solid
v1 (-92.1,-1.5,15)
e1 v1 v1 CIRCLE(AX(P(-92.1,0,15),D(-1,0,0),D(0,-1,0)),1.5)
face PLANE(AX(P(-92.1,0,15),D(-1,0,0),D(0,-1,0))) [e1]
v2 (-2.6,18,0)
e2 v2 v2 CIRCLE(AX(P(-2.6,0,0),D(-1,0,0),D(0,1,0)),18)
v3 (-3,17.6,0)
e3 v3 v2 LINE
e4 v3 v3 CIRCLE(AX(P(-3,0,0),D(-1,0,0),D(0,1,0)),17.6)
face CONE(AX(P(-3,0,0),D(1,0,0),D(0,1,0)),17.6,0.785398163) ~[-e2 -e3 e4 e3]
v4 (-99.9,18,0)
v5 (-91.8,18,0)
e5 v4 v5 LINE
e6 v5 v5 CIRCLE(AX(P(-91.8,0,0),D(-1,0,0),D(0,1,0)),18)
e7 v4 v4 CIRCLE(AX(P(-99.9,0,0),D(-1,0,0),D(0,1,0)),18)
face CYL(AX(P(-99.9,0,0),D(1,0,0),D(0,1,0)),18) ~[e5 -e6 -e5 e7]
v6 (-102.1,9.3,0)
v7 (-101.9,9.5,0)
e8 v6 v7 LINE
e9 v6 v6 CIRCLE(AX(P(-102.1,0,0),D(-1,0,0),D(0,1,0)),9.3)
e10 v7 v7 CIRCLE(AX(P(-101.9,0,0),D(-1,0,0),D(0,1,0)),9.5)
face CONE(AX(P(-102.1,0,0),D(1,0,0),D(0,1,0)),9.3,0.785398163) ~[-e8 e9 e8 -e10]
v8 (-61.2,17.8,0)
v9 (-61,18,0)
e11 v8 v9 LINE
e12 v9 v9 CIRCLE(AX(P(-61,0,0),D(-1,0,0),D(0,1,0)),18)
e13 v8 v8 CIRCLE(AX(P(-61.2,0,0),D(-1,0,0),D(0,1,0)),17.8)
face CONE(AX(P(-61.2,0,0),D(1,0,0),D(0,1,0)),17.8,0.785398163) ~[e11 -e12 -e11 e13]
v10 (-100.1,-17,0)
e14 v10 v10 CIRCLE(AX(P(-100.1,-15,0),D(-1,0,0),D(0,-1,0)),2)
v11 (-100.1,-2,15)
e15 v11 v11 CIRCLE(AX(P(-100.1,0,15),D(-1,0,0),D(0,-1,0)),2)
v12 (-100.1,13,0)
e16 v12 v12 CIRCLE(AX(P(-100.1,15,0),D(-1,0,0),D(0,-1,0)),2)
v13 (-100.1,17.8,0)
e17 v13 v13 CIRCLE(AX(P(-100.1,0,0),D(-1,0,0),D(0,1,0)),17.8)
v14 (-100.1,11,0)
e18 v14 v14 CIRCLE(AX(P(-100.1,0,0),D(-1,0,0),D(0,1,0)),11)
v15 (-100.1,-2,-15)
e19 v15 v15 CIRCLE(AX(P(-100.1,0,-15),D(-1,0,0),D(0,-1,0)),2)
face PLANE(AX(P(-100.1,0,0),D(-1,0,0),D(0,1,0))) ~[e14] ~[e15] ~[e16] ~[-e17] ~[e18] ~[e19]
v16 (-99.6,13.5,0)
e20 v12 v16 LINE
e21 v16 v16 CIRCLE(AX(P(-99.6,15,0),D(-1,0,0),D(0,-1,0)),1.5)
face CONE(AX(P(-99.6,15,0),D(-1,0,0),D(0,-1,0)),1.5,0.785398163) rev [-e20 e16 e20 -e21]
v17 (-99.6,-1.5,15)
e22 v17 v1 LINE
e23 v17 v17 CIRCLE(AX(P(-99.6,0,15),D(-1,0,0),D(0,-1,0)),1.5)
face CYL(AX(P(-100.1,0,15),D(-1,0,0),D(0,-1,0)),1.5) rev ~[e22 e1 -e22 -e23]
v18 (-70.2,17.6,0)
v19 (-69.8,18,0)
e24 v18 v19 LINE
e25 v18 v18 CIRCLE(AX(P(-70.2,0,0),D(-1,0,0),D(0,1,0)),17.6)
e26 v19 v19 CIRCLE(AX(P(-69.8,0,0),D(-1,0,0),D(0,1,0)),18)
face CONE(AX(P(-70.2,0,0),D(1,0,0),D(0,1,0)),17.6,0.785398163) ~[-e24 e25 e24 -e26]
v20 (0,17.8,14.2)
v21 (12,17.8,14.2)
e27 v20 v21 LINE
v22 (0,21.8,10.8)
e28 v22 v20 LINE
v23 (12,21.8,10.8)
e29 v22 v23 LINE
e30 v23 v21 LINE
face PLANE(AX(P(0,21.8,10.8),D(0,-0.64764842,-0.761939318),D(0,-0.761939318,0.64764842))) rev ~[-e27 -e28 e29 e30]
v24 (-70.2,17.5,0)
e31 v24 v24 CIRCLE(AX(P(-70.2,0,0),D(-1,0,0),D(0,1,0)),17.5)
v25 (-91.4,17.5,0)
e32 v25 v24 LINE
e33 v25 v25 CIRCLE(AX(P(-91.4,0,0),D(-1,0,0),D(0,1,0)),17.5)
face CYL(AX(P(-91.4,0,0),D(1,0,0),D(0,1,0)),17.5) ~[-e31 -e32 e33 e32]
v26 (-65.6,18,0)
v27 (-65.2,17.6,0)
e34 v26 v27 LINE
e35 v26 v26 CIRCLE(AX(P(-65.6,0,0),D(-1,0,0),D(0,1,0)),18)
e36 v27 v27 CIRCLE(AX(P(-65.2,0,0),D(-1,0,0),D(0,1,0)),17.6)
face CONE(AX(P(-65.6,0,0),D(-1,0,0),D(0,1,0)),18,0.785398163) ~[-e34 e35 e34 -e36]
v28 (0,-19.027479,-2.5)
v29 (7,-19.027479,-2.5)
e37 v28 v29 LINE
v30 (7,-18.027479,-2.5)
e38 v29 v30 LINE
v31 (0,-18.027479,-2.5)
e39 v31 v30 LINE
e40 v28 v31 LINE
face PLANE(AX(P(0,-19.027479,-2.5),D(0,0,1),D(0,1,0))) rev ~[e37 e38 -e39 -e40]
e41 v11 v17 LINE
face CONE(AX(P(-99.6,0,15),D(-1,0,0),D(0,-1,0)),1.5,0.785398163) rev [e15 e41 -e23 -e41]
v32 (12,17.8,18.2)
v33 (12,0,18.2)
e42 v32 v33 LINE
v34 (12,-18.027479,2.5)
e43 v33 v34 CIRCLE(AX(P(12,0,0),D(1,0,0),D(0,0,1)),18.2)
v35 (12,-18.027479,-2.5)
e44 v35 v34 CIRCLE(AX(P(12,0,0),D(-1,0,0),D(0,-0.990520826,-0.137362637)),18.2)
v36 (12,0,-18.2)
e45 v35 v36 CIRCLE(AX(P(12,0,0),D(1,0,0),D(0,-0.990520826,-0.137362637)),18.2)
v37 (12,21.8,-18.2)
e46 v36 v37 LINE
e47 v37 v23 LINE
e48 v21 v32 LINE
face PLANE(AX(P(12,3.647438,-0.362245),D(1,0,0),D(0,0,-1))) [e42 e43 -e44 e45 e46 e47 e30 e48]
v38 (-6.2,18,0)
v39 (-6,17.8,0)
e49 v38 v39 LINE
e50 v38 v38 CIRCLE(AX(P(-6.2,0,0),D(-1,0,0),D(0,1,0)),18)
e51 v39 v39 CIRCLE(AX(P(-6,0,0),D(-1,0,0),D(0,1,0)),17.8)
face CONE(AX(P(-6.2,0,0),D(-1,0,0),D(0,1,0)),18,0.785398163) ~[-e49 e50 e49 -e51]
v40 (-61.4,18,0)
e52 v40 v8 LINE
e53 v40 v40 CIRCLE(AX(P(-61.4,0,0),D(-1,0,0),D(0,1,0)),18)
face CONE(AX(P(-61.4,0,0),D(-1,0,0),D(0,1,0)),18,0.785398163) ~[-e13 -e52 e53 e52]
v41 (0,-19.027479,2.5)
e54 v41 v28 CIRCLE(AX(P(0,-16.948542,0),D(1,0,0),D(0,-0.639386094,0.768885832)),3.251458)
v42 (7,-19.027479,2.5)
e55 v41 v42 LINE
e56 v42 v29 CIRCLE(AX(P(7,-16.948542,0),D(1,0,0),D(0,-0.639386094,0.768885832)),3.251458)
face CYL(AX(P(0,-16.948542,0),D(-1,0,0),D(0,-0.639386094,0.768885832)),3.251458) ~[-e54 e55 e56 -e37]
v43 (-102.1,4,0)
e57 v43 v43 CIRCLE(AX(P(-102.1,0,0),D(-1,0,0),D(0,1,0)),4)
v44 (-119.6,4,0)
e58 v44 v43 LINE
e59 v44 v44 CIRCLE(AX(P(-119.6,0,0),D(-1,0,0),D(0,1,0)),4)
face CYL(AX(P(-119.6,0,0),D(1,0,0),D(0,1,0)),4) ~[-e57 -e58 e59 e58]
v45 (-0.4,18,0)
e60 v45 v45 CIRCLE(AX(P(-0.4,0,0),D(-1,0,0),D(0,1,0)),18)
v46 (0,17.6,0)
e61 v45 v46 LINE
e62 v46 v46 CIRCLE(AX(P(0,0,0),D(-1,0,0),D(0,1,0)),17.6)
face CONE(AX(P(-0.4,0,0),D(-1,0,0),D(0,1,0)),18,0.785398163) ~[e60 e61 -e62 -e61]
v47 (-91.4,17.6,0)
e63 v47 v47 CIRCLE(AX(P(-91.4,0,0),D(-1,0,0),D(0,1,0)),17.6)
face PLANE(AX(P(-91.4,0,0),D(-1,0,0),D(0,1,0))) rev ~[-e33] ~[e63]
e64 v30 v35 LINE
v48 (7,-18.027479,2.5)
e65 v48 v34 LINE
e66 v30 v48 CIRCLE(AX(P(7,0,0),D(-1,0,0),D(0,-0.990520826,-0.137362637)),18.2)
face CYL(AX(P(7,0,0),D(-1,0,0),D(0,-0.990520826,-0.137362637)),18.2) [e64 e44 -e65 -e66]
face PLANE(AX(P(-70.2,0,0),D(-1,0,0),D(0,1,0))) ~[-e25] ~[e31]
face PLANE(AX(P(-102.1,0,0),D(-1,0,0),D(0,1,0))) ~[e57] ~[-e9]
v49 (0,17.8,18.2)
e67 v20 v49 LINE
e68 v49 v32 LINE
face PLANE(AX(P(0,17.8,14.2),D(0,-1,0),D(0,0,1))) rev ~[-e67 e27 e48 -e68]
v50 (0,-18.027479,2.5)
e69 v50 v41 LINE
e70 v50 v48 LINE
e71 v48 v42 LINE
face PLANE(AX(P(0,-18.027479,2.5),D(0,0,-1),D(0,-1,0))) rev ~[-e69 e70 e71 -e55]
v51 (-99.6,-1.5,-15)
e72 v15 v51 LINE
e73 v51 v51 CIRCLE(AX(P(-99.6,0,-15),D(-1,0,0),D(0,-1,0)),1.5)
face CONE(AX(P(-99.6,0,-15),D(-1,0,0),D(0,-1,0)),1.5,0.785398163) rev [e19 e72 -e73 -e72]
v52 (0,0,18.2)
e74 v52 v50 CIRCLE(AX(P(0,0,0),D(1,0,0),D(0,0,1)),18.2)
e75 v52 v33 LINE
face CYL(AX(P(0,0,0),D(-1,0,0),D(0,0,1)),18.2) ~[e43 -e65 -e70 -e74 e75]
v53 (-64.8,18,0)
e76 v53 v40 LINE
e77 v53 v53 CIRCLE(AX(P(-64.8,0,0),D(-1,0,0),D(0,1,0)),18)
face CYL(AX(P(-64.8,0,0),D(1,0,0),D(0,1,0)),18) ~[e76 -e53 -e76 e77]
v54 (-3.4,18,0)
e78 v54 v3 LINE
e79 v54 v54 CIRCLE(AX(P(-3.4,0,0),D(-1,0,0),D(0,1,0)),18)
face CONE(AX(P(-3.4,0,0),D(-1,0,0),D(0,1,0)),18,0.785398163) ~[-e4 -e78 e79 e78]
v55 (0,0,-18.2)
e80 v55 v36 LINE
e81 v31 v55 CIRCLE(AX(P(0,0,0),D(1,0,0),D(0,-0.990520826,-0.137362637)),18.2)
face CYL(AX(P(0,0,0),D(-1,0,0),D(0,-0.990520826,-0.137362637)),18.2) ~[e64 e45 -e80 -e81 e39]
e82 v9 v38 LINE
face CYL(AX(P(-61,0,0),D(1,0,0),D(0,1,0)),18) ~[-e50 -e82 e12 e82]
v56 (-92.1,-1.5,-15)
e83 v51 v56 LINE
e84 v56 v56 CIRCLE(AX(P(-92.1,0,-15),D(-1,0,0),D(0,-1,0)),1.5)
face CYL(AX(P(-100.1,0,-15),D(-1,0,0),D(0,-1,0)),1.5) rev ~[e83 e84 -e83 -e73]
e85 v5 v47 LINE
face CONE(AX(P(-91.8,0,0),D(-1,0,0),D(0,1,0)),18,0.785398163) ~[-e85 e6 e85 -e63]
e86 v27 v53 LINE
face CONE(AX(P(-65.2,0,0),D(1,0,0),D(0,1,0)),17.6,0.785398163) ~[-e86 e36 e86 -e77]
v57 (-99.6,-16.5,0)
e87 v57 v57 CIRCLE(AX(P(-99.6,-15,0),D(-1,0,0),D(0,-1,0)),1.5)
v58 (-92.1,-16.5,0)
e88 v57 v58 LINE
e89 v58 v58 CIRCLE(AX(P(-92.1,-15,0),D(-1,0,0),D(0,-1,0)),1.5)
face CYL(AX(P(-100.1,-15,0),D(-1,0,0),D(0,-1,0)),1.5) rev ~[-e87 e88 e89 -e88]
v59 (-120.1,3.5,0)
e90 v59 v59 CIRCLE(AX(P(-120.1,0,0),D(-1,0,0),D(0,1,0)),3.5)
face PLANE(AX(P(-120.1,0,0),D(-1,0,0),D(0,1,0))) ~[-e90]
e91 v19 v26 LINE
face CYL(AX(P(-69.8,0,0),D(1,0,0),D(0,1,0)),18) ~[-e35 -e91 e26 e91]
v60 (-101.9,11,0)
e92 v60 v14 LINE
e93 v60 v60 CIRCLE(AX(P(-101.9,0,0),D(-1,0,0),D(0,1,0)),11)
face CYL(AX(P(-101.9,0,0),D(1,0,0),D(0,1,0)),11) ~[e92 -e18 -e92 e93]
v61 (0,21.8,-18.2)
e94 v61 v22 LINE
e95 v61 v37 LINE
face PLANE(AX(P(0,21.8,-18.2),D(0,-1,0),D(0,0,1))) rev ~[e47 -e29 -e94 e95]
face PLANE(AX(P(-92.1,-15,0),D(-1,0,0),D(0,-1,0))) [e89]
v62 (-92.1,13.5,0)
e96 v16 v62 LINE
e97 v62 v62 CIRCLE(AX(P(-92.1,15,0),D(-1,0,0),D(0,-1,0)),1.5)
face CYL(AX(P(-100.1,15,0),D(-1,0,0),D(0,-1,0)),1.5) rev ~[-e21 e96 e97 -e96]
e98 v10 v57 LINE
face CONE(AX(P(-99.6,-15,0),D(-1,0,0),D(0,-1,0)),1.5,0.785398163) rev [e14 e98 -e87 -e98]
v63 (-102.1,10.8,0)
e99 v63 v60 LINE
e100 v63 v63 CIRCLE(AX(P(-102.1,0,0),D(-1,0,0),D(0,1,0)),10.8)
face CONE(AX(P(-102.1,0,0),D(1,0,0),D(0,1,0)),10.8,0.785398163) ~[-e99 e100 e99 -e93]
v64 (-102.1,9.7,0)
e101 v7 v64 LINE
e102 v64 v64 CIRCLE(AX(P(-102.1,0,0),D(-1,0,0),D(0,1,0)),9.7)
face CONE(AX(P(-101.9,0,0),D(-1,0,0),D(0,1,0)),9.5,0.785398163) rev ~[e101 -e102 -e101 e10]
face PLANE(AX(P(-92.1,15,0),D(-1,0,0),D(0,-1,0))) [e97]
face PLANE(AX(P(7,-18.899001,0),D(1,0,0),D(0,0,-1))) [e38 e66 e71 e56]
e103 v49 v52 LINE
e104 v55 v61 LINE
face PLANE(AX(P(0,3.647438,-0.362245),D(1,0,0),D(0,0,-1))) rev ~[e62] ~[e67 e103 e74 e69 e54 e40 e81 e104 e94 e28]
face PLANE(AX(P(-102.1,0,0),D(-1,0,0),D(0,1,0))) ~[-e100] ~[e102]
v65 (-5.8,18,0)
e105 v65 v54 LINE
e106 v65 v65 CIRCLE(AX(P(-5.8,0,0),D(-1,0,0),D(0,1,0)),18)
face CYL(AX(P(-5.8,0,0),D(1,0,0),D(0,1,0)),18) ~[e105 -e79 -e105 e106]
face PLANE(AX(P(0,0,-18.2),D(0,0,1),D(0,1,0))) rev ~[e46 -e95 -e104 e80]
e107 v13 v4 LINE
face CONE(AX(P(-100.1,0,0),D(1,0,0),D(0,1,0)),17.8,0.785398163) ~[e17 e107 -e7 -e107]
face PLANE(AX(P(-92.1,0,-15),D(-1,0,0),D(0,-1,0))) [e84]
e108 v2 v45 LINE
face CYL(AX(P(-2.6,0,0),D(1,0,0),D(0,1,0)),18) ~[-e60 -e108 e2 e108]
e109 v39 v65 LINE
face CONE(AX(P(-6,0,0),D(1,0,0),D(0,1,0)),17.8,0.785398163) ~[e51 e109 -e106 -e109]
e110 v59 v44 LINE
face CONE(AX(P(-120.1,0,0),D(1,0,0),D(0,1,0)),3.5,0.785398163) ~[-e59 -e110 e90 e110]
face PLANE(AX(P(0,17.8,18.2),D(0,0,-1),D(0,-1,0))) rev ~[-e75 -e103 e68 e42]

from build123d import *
from build123d.topology import SkipClean

# Parameters (mm, degrees)
SKETCH2_R           = 1.5
CUT_EXTRUDE1_DEPTH  = 8
CHAMFER1_SIZE       = 0.5
BOSS_EXTRUDE1_DEPTH = 12
CUT_EXTRUDE2_START  = -5
CUT_EXTRUDE2_DEPTH  = 5


with BuildPart() as part:
    # Sketch1 → Revolve1 (revolve)
    with BuildSketch(Plane.XY):
        Polygon((-120.1, 0), (-120.1, 3.5), (-119.6, 4), (-102.1, 4), (-102.1, 9.3), (-101.9, 9.5), (-102.1, 9.7), (-102.1, 10.8), (-101.9, 11), (-100.1, 11), (-100.1, 17.8), (-99.9, 18), (-91.8, 18), (-91.4, 17.6), (-91.4, 17.5), (-70.2, 17.5), (-70.2, 17.6), (-69.8, 18), (-65.6, 18), (-65.2, 17.6), (-64.8, 18), (-61.4, 18), (-61.2, 17.8), (-61, 18), (-6.2, 18), (-6, 17.8), (-5.8, 18), (-3.4, 18), (-3, 17.6), (-2.6, 18), (-0.4, 18), (0, 17.6), (0, 0), align=None)
    revolve(axis=Axis((0, 0, 0), (-1, 0, 0)))

    # Sketch2 → Cut-Extrude1 (cut)
    with BuildSketch(Plane.ZY.offset(100.1)):
        with Locations(Location((-15, 0, 0), (0, 0, 270))):
            Circle(SKETCH2_R)
        with Locations(Location((0, 15, 0), (0, 0, 270))):
            Circle(SKETCH2_R)
        with Locations(Location((15, 0, 0), (0, 0, 270))):
            Circle(SKETCH2_R)
        with Locations(Location((0, -15, 0), (0, 0, 270))):
            Circle(SKETCH2_R)
    extrude(amount=-CUT_EXTRUDE1_DEPTH, mode=Mode.SUBTRACT)

    # Chamfer1
    chamfer1_edges = [part.edges().sort_by_distance(p)[0] for p in [
        (-100.1, 1.5, -15),
        (-100.1, 16.5, 0),
        (-100.1, 1.5, 15),
        (-100.1, -13.5, 0),
    ]]
    chamfer(chamfer1_edges, length=CHAMFER1_SIZE)

    # Sketch3 → Boss-Extrude1 (add)
    with BuildSketch(Plane(origin=(0, 0, 0), x_dir=(0, 0, -1), z_dir=(1, 0, 0))):
        with BuildLine():
            Line((18.2, 21.8), (-10.8, 21.8))
            Line((-10.8, 21.8), (-14.2, 17.8))
            Line((-14.2, 17.8), (-18.2, 17.8))
            Line((-18.2, 17.8), (-18.2, 0))
            ThreePointArc((-18.2, 0), (-13.72479508, -11.952823934), (-2.5, -18.027479025))
            Line((-2.5, -18.027479025), (-2.5, -19.027479025))
            ThreePointArc((-2.5, -19.027479025), (0, -20.2), (2.5, -19.027479025))
            Line((2.5, -19.027479025), (2.5, -18.027479025))
            ThreePointArc((2.5, -18.027479025), (13.72479508, -11.952823934), (18.2, 0))
            Line((18.2, 0), (18.2, 21.8))
        make_face()
    extrude(amount=BOSS_EXTRUDE1_DEPTH)

    # Sketch4 → Cut-Extrude2 (cut)
    with SkipClean():  # the faces are left unmerged after this step: merging them gives an invalid solid
        with BuildSketch(Plane(origin=(12, 0, 0), x_dir=(0, 0, -1), z_dir=(1, 0, 0)).offset(CUT_EXTRUDE2_START)):
            with BuildLine():
                Line((2.5, -19.027479025), (2.5, -18.027479025))
                ThreePointArc((2.5, -18.027479025), (0, -18.2), (-2.5, -18.027479025))
                Line((-2.5, -18.027479025), (-2.5, -19.027479025))
                ThreePointArc((-2.5, -19.027479025), (0, -20.2), (2.5, -19.027479025))
            make_face()
        extrude(amount=CUT_EXTRUDE2_DEPTH, mode=Mode.SUBTRACT)


solid = part.part
